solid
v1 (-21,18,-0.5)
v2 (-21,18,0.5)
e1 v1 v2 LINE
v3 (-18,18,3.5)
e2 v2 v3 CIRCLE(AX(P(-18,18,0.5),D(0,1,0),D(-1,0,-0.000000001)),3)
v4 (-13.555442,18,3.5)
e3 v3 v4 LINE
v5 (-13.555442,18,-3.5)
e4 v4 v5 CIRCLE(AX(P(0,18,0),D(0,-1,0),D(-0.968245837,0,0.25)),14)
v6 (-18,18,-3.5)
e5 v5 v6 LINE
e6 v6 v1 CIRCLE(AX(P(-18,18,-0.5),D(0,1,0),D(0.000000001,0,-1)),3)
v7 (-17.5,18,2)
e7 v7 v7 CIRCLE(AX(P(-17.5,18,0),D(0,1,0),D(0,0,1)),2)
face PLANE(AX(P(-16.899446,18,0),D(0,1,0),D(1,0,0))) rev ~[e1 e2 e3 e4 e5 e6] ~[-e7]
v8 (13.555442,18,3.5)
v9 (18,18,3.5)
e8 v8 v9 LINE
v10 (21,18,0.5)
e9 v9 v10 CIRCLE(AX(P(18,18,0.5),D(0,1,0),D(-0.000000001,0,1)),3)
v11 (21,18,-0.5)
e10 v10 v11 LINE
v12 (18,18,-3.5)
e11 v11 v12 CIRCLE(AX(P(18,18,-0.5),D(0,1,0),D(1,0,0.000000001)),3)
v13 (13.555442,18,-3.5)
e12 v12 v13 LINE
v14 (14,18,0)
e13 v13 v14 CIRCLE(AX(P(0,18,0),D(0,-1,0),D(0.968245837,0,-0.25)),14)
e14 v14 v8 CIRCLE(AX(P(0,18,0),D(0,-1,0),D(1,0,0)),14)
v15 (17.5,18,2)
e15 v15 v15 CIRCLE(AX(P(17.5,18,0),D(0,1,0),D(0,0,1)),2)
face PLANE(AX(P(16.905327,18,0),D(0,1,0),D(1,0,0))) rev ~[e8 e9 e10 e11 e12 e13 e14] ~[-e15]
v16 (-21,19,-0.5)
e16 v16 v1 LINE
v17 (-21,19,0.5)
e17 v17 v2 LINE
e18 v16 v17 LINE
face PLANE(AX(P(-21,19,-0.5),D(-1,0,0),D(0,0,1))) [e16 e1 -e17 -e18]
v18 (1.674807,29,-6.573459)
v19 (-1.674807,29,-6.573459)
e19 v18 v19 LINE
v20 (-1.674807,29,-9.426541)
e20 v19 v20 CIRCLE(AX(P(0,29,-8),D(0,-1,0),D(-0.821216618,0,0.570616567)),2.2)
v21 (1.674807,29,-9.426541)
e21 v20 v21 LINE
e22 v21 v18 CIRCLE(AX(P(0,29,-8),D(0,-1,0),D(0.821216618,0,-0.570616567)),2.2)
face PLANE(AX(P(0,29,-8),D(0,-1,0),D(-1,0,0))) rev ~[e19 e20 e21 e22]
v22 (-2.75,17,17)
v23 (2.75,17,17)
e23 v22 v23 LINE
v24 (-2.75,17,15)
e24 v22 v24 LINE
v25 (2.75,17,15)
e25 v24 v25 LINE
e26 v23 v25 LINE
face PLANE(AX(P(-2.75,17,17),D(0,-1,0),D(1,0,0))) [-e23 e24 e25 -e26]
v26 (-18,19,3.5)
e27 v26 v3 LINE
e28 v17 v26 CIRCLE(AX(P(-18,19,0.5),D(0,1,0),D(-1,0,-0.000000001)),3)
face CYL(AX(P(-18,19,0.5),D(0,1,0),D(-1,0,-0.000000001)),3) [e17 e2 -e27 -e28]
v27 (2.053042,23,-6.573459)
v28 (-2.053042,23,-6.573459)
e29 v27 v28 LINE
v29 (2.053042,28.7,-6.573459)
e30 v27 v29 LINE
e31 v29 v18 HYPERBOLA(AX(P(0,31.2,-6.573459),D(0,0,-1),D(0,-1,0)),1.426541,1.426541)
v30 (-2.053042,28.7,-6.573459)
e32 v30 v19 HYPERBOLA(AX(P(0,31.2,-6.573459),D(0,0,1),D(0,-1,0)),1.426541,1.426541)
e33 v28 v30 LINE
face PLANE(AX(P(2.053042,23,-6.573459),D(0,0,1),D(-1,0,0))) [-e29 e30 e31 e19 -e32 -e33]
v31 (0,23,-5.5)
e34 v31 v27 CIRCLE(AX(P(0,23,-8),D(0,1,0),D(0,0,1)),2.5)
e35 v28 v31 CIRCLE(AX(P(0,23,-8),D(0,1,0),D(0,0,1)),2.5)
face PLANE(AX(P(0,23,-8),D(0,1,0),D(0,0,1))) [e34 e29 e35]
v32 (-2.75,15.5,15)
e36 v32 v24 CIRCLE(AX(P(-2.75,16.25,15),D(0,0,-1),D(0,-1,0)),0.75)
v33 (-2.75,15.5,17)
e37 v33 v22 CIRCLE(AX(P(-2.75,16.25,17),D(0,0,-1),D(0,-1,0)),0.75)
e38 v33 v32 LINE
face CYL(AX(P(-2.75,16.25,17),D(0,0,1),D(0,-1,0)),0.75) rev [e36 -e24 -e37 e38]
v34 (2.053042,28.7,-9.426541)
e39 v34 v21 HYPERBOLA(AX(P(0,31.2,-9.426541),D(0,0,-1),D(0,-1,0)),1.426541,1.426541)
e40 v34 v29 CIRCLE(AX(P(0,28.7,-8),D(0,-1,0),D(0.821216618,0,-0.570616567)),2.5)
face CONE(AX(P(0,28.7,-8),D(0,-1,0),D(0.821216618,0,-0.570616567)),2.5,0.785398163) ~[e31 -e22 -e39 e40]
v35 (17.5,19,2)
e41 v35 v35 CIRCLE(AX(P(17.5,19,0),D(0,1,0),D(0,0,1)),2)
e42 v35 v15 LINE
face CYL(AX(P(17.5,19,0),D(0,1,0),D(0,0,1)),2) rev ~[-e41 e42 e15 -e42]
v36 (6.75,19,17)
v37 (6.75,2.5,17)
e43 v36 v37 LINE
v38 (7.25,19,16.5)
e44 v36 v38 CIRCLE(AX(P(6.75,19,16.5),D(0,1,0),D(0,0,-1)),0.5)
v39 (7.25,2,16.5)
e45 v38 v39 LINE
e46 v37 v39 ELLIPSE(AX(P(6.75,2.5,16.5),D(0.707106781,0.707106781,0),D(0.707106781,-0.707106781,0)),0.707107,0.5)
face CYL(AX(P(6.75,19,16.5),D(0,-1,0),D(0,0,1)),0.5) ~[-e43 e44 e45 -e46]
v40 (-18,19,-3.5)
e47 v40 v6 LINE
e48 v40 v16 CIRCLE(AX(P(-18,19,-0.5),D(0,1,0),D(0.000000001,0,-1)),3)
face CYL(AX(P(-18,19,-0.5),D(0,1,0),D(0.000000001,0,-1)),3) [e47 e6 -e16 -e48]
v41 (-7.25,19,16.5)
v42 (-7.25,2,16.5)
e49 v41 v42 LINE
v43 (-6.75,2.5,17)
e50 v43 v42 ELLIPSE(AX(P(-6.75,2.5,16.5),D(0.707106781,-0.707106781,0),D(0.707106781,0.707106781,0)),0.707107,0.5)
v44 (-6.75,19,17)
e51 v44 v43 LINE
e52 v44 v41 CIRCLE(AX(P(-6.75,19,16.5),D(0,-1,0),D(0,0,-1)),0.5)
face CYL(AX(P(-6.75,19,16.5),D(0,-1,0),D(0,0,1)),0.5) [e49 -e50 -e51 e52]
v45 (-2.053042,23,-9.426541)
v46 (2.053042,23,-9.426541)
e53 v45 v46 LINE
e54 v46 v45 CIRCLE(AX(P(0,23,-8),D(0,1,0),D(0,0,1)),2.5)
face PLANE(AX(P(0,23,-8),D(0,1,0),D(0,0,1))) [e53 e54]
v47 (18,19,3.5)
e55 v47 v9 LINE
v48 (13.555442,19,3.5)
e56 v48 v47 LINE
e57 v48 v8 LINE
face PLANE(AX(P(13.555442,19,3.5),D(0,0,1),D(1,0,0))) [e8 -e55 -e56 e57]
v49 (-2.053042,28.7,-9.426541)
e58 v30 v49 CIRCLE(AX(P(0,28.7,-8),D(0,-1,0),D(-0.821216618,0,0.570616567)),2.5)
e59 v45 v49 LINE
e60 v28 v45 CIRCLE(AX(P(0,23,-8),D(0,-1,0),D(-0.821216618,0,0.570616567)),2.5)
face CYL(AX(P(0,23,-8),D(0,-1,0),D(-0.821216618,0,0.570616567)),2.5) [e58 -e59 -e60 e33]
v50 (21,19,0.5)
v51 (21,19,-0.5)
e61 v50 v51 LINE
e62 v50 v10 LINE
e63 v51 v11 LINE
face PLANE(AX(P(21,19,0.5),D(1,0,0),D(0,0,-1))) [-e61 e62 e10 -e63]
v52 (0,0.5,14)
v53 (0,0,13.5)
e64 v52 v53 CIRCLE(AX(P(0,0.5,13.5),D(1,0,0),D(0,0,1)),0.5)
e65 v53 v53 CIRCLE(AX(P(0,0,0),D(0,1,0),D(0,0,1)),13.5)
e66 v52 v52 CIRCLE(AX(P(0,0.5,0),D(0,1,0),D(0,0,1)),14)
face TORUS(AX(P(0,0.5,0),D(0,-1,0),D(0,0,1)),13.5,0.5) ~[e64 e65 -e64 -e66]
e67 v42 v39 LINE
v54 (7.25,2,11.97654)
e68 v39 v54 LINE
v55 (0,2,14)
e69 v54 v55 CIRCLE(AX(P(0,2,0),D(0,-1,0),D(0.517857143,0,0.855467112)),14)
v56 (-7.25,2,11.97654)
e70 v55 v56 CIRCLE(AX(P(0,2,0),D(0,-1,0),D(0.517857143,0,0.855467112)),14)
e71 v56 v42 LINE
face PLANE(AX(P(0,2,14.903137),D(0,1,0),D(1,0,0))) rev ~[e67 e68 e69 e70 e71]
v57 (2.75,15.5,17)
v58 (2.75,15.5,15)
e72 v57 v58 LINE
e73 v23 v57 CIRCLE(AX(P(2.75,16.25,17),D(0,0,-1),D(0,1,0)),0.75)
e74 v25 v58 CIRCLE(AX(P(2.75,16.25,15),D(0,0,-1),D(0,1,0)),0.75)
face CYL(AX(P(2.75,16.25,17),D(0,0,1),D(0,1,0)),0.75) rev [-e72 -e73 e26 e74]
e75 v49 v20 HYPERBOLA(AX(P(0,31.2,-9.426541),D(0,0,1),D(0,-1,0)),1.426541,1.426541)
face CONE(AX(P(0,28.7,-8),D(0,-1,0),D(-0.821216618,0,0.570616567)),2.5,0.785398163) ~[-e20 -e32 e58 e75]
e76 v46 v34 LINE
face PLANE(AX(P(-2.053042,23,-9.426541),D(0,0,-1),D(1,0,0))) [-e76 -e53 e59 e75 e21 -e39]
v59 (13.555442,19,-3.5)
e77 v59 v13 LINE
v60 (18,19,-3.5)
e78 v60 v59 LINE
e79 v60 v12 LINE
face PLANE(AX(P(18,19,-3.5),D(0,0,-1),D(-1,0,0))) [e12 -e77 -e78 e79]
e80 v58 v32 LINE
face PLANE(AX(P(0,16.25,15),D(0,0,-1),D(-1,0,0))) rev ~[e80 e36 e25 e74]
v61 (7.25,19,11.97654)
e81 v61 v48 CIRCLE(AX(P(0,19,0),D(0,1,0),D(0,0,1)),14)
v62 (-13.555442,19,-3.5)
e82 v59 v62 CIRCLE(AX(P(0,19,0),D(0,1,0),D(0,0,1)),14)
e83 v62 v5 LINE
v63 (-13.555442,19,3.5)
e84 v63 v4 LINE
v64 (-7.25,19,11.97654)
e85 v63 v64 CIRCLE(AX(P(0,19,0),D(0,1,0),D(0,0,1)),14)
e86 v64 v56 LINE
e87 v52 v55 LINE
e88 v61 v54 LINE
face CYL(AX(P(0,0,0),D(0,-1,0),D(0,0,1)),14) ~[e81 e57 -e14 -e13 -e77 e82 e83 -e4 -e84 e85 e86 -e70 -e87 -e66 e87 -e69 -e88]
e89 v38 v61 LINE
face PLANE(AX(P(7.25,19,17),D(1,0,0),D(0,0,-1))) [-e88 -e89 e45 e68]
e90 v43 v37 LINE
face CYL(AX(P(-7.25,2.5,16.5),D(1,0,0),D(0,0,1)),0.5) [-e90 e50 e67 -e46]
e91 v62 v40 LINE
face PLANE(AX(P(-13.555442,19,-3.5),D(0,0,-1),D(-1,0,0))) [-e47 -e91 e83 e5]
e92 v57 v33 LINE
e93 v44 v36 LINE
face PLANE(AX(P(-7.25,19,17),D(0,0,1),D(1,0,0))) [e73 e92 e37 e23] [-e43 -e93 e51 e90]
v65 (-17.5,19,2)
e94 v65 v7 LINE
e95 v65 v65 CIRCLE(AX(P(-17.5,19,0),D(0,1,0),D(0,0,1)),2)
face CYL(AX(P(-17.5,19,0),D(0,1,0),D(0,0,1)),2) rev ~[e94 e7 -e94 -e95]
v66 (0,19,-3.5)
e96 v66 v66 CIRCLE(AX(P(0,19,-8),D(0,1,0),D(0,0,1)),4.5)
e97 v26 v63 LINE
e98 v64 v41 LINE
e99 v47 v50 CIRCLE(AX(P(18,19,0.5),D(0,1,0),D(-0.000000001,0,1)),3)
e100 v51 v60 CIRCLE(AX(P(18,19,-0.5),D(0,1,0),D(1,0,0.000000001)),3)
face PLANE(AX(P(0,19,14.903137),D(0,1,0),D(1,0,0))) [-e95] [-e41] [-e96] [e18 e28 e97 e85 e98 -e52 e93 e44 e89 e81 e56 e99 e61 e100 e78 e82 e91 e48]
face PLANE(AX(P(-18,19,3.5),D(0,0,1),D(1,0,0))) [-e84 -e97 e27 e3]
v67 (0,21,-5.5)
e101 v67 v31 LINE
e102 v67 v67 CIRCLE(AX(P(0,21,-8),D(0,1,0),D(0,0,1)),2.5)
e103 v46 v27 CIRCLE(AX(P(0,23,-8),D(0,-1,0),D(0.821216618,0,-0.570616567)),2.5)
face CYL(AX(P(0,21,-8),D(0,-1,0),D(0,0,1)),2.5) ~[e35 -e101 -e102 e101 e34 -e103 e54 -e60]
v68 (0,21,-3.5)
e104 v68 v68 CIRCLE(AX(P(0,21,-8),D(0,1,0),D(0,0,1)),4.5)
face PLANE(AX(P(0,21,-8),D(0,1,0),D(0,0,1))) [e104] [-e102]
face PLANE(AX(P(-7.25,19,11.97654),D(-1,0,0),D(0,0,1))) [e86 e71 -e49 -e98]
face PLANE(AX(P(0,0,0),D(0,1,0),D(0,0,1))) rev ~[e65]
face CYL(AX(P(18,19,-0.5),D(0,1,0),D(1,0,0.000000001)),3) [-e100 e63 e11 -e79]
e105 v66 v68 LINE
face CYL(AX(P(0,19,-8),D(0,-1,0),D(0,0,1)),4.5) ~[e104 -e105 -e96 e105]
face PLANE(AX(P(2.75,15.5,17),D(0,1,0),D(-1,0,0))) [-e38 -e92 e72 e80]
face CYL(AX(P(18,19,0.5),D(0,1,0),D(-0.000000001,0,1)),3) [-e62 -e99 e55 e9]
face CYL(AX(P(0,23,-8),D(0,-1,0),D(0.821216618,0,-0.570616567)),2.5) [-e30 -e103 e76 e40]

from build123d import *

# Parameters (mm, degrees)
SKETCH_1_R          = 14
EXTRUDE_1_DEPTH     = 19
SKETCH_2_R          = 2
EXTRUDE_2_DEPTH     = 1
EXTRUDE_3_DEPTH     = 17
SKETCH_6_R          = 4.5
EXTRUDE_4_DEPTH     = 2
SKETCH_7_R          = 2.5
EXTRUDE_6_DEPTH     = 2
EXTRUDE_8_DEPTH     = 6
CUT_EXTRUDE_1_DEPTH = 2
CHAMFER_4_SIZE      = 0.3
FILLET_3_R          = 0.5
FILLET_4_R          = 0.5


with BuildPart() as part:
    # Эскиз1 → Бобышка-Вытянуть1 (new body)
    with BuildSketch(Plane(origin=(0, 0, 0), x_dir=(1, 0, 0), z_dir=(0, 1, 0))):
        with Locations(Location((0, 0, 0), (0, 0, 270))):
            Circle(SKETCH_1_R)
    extrude(amount=EXTRUDE_1_DEPTH)

    # Эскиз2 → Бобышка-Вытянуть2 (add)
    with BuildSketch(Plane(origin=(0, 19, 0), x_dir=(1, 0, 0), z_dir=(0, 1, 0))):
        with BuildLine():
            ThreePointArc((14, 0), (13.888415748, -1.764060095), (13.555441712, -3.5))
            Line((13.555441712, -3.5), (18, -3.5))
            ThreePointArc((18, -3.5), (20.121320344, -2.621320344), (21, -0.5))
            Line((21, -0.5), (21, 0.5))
            ThreePointArc((21, 0.5), (20.121320344, 2.621320344), (18, 3.5))
            Line((18, 3.5), (13.555441712, 3.5))
            ThreePointArc((13.555441712, 3.5), (13.888415748, 1.764060095), (14, 0))
        make_face()
        with Locations(Location((17.5, 0, 0), (0, 0, 270))):
            Circle(SKETCH_2_R, mode=Mode.SUBTRACT)
        with BuildLine():
            ThreePointArc((-21, -0.5), (-20.121320344, -2.621320344), (-18, -3.5))
            Line((-18, -3.5), (-13.555441712, -3.5))
            ThreePointArc((-13.555441712, -3.5), (-14, 0), (-13.555441712, 3.5))
            Line((-13.555441712, 3.5), (-18, 3.5))
            ThreePointArc((-18, 3.5), (-20.121320344, 2.621320344), (-21, 0.5))
            Line((-21, 0.5), (-21, -0.5))
        make_face()
        with Locations(Location((-17.5, 0, 0), (0, 0, 270))):
            Circle(SKETCH_2_R, mode=Mode.SUBTRACT)
    extrude(amount=-EXTRUDE_2_DEPTH)

    # Эскиз5 → Бобышка-Вытянуть3 (add)
    with BuildSketch(Plane(origin=(0, 19, 0), x_dir=(1, 0, 0), z_dir=(0, 1, 0))):
        with BuildLine():
            Line((-7.25, -17), (7.25, -17))
            Line((7.25, -17), (7.25, -11.976539567))
            ThreePointArc((7.25, -11.976539567), (0, -14), (-7.25, -11.976539567))
            Line((-7.25, -11.976539567), (-7.25, -17))
        make_face()
    extrude(amount=-EXTRUDE_3_DEPTH)

    # Эскиз6 → Бобышка-Вытянуть4 (add)
    with BuildSketch(Plane(origin=(0, 19, 0), x_dir=(1, 0, 0), z_dir=(0, 1, 0))):
        with Locations(Location((0, 8, 0), (0, 0, 270))):
            Circle(SKETCH_6_R)
    extrude(amount=EXTRUDE_4_DEPTH)

    # Эскиз7 → Бобышка-Вытянуть6 (add)
    with BuildSketch(Plane(origin=(0, 21, 0), x_dir=(1, 0, 0), z_dir=(0, 1, 0))):
        with Locations(Location((0, 8, 0), (0, 0, 270))):
            Circle(SKETCH_7_R)
    extrude(amount=EXTRUDE_6_DEPTH)

    # Эскиз9 → Бобышка-Вытянуть8 (add)
    with BuildSketch(Plane(origin=(0, 23, 0), x_dir=(1, 0, 0), z_dir=(0, 1, 0))):
        with BuildLine():
            Line((-2.053041545, 9.426541417), (2.053041545, 9.426541417))
            ThreePointArc((2.053041545, 9.426541417), (2.5, 8), (2.053041545, 6.573458583))
            Line((2.053041545, 6.573458583), (-2.053041545, 6.573458583))
            ThreePointArc((-2.053041545, 6.573458583), (-2.5, 8), (-2.053041545, 9.426541417))
        make_face()
    extrude(amount=EXTRUDE_8_DEPTH)

    # Эскиз11 → Вырез-Вытянуть1 (cut)
    with BuildSketch(Plane.XY.offset(17)):
        with BuildLine():
            Line((-2.75, 17), (2.75, 17))
            ThreePointArc((2.75, 17), (3.5, 16.25), (2.75, 15.5))
            Line((2.75, 15.5), (-2.75, 15.5))
            ThreePointArc((-2.75, 15.5), (-3.5, 16.25), (-2.75, 17))
        make_face()
    extrude(amount=-CUT_EXTRUDE_1_DEPTH, mode=Mode.SUBTRACT)

    # Фаска4
    chamfer_4_edges = [part.edges().sort_by_distance(p)[0] for p in [
        (2.5, 29, -8),
        (-2.5, 29, -8),
    ]]
    chamfer(chamfer_4_edges, length=CHAMFER_4_SIZE)

    # Скругление3
    fillet_3_edges = [part.edges().sort_by_distance(p)[0] for p in [
        (0, 2, 17),
        (7.25, 10.5, 17),
        (-7.25, 10.5, 17),
    ]]
    fillet(fillet_3_edges, radius=FILLET_3_R)

    # Скругление4
    fillet_4_edges = [part.edges().sort_by_distance(p)[0] for p in [
        (0, 0, -14),
    ]]
    fillet(fillet_4_edges, radius=FILLET_4_R)


solid = part.part
